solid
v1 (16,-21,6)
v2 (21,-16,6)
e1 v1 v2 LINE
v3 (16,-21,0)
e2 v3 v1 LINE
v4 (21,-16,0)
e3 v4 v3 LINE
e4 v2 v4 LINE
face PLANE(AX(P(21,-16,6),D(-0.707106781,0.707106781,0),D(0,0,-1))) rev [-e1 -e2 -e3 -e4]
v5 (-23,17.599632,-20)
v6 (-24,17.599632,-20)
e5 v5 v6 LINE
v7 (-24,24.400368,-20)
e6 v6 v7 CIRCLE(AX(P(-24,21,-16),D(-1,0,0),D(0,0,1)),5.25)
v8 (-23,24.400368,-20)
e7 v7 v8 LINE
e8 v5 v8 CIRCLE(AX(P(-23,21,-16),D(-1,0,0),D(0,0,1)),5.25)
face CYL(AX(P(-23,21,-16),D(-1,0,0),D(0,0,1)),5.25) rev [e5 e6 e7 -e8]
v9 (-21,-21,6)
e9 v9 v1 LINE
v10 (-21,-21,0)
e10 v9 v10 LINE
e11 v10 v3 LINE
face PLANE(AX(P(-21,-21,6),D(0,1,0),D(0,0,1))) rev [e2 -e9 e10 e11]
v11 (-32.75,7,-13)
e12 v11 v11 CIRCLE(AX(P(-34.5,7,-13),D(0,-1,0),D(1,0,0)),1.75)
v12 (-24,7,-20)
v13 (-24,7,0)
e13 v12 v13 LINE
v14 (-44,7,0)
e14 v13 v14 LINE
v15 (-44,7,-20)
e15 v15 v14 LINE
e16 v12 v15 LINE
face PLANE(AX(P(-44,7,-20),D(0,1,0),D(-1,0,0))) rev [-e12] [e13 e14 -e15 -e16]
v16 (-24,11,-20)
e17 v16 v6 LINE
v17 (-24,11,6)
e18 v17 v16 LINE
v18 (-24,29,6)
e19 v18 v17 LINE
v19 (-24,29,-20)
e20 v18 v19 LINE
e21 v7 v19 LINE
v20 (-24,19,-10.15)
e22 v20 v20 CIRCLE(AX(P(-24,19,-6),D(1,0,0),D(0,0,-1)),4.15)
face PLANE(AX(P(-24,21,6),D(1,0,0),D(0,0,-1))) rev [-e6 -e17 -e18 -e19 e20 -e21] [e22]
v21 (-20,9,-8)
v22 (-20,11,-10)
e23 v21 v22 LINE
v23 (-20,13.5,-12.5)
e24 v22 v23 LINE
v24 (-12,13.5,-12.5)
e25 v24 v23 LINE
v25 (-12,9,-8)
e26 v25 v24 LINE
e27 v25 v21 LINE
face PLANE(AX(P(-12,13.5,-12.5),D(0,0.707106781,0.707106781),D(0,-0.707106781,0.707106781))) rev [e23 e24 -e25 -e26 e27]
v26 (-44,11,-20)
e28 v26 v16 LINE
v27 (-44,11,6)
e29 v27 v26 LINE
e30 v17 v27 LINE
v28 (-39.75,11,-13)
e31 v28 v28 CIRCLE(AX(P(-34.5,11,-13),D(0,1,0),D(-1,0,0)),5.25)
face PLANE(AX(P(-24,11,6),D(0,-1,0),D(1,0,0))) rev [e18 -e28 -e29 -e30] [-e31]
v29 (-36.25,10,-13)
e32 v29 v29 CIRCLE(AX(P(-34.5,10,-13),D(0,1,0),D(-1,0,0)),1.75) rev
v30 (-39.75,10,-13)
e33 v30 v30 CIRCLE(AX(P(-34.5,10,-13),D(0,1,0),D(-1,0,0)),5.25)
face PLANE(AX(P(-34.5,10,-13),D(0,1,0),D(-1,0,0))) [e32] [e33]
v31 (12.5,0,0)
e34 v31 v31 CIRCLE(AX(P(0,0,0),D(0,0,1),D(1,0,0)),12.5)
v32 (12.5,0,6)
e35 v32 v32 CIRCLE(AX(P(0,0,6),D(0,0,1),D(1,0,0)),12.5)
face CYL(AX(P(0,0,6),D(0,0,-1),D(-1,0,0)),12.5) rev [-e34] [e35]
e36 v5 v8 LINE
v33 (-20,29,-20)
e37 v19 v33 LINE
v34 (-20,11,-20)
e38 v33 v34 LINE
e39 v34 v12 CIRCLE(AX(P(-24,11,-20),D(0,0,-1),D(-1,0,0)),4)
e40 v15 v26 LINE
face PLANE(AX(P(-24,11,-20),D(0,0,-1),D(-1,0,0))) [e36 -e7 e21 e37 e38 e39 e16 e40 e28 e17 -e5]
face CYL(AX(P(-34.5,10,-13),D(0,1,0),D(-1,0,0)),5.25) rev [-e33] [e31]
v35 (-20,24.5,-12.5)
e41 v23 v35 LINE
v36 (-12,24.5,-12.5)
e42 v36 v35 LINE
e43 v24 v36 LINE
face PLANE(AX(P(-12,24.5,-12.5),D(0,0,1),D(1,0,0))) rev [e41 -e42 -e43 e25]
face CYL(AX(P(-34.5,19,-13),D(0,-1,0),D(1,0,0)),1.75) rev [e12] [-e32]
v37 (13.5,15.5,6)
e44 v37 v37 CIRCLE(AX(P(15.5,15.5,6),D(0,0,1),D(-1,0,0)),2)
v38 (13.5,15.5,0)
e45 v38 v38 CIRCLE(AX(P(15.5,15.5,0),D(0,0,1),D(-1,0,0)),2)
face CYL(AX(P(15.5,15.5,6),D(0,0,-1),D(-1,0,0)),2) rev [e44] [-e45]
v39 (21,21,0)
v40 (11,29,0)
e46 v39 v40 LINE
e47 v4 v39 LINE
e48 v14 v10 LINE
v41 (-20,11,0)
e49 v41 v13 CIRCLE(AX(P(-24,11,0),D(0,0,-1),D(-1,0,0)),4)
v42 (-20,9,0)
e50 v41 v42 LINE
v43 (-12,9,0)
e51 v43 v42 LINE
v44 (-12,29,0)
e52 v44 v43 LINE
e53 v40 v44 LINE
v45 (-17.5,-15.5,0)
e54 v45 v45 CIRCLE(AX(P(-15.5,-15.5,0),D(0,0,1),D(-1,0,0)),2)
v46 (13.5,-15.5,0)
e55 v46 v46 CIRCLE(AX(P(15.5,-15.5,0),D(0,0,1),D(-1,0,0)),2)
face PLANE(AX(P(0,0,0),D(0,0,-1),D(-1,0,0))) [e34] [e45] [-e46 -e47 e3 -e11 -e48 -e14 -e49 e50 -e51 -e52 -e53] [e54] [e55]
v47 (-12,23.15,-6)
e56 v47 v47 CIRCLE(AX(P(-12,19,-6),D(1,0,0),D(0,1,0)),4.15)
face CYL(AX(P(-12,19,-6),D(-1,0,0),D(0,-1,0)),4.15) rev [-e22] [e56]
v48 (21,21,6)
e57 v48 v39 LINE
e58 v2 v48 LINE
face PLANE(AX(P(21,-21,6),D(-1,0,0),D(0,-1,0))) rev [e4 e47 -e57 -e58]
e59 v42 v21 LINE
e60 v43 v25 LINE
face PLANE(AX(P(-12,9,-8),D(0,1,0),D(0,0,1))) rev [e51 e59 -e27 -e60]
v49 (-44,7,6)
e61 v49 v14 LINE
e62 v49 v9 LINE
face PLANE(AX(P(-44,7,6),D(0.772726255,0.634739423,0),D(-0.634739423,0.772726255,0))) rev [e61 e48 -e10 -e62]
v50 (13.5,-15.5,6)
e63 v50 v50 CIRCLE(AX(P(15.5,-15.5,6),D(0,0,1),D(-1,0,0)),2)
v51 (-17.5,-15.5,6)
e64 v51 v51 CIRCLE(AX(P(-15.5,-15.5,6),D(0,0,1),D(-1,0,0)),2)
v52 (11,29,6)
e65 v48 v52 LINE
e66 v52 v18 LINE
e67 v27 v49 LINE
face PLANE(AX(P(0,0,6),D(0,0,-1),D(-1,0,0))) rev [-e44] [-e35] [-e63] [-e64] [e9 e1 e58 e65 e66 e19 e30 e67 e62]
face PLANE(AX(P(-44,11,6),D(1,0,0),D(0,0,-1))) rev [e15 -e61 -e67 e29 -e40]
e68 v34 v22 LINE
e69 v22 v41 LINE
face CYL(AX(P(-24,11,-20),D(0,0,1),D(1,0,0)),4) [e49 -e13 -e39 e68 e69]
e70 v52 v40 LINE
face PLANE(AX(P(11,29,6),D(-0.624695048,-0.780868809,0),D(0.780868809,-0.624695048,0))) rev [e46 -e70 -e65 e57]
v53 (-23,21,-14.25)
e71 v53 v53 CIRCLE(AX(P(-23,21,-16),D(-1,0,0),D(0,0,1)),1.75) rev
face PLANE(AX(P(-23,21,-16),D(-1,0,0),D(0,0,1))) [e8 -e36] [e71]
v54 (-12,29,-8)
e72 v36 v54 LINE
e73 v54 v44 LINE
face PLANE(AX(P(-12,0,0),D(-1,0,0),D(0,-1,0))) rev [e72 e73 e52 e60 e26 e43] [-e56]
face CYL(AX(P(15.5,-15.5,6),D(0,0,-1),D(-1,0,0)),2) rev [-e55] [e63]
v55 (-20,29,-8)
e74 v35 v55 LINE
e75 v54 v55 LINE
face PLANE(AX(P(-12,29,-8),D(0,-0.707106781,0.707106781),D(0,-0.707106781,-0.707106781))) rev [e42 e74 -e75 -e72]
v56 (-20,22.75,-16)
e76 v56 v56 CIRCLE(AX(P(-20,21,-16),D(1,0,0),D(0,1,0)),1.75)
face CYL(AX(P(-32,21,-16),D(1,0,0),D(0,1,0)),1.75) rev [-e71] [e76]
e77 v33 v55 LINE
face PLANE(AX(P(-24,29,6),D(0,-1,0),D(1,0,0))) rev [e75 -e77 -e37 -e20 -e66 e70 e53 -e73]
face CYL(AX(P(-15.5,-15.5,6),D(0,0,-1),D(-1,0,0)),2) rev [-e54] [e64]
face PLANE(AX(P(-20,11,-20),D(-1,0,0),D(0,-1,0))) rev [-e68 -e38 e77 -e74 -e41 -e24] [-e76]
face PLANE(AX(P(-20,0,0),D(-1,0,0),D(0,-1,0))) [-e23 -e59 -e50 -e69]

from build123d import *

# Parameters (mm, degrees)
ESBO_O1_R                = 12.5
ESBO_O1_R_2              = 2
RESSALTO_EXTRUS_O1_DEPTH = 6
RESSALTO_EXTRUS_O2_DEPTH = 20
ESBO_O3_R                = 4.15
RESSALTO_EXTRUS_O3_DEPTH = 8
ESBO_O5_R                = 1.75
ESBO_O5_R_2              = 4.15
CORTE_EXTRUS_O2_DEPTH    = 12
ESBO_O6_R                = 1.75
CORTE_EXTRUS_O3_DEPTH    = 12
CHANFRO1_SIZE            = 5
ESBO_O8_R                = 5.25
CORTE_EXTRUS_O5_DEPTH    = 1
ESBO_O9_R                = 5.25
CORTE_EXTRUS_O6_DEPTH    = 1


with BuildPart() as part:
    # Esboço1 → Ressalto-extrusão1 (new body)
    with BuildSketch(Plane.XY):
        Polygon((-44, 7), (-21, -21), (21, -21), (21, 21), (11, 29), (-24, 29), (-24, 21), (-24, 11), (-44, 11), align=None)
        Circle(ESBO_O1_R, mode=Mode.SUBTRACT)
        with Locations((15.5, 15.5)):
            Circle(ESBO_O1_R_2, mode=Mode.SUBTRACT)
        with Locations((15.5, -15.5)):
            Circle(ESBO_O1_R_2, mode=Mode.SUBTRACT)
        with Locations((-15.5, -15.5)):
            Circle(ESBO_O1_R_2, mode=Mode.SUBTRACT)
    extrude(amount=RESSALTO_EXTRUS_O1_DEPTH)

    # Esboço2 → Ressalto-extrusão2 (add)
    with BuildSketch(Plane(origin=(0, 0, 0), x_dir=(-1, 0, 0), z_dir=(0, 0, -1))):
        with BuildLine():
            Line((44, 11), (44, 7))
            Line((44, 7), (24, 7))
            ThreePointArc((24, 7), (21.171572875, 8.171572875), (20, 11))
            Line((20, 11), (20, 29))
            Line((20, 29), (24, 29))
            Line((24, 29), (24, 11))
            Line((24, 11), (44, 11))
        make_face()
    extrude(amount=RESSALTO_EXTRUS_O2_DEPTH)

    # Esboço3 → Ressalto-extrusão3 (add)
    with BuildSketch(Plane(origin=(-20, 0, 0), x_dir=(0, 0, -1), z_dir=(1, 0, 0))):
        Polygon((0, 29), (8, 29), (12.5, 24.5), (12.5, 13.5), (8, 9), (0, 9), align=None)
        with Locations((6, 19)):
            Circle(ESBO_O3_R, mode=Mode.SUBTRACT)
    extrude(amount=RESSALTO_EXTRUS_O3_DEPTH)

    # Esboço5 → Corte-extrusão2 (cut)
    with BuildSketch(Plane(origin=(-20, 0, 0), x_dir=(0, 0, -1), z_dir=(1, 0, 0))):
        with Locations((16, 21)):
            Circle(ESBO_O5_R)
        with Locations((6, 19)):
            Circle(ESBO_O5_R_2)
    extrude(amount=-CORTE_EXTRUS_O2_DEPTH, mode=Mode.SUBTRACT)

    # Esboço6 → Corte-extrusão3 (cut)
    with BuildSketch(Plane(origin=(0, 7, 0), x_dir=(-1, 0, 0), z_dir=(0, -1, 0))):
        with Locations((34.5, 13)):
            Circle(ESBO_O6_R)
    extrude(amount=-CORTE_EXTRUS_O3_DEPTH, mode=Mode.SUBTRACT)

    # Chanfro1
    chanfro1_edges = [part.edges().sort_by_distance(p)[0] for p in [
        (21, -21, 3),
    ]]
    chamfer(chanfro1_edges, length=CHANFRO1_SIZE)

    # Esboço8 → Corte-extrusão5 (cut)
    with BuildSketch(Plane.ZY.offset(24)):
        with Locations((-16, 21)):
            Circle(ESBO_O8_R)
    extrude(amount=-CORTE_EXTRUS_O5_DEPTH, mode=Mode.SUBTRACT)

    # Esboço9 → Corte-extrusão6 (cut)
    with BuildSketch(Plane(origin=(0, 11, 0), x_dir=(1, 0, 0), z_dir=(0, 1, 0))):
        with Locations((-34.5, 13)):
            Circle(ESBO_O9_R)
    extrude(amount=-CORTE_EXTRUS_O6_DEPTH, mode=Mode.SUBTRACT)


solid = part.part
